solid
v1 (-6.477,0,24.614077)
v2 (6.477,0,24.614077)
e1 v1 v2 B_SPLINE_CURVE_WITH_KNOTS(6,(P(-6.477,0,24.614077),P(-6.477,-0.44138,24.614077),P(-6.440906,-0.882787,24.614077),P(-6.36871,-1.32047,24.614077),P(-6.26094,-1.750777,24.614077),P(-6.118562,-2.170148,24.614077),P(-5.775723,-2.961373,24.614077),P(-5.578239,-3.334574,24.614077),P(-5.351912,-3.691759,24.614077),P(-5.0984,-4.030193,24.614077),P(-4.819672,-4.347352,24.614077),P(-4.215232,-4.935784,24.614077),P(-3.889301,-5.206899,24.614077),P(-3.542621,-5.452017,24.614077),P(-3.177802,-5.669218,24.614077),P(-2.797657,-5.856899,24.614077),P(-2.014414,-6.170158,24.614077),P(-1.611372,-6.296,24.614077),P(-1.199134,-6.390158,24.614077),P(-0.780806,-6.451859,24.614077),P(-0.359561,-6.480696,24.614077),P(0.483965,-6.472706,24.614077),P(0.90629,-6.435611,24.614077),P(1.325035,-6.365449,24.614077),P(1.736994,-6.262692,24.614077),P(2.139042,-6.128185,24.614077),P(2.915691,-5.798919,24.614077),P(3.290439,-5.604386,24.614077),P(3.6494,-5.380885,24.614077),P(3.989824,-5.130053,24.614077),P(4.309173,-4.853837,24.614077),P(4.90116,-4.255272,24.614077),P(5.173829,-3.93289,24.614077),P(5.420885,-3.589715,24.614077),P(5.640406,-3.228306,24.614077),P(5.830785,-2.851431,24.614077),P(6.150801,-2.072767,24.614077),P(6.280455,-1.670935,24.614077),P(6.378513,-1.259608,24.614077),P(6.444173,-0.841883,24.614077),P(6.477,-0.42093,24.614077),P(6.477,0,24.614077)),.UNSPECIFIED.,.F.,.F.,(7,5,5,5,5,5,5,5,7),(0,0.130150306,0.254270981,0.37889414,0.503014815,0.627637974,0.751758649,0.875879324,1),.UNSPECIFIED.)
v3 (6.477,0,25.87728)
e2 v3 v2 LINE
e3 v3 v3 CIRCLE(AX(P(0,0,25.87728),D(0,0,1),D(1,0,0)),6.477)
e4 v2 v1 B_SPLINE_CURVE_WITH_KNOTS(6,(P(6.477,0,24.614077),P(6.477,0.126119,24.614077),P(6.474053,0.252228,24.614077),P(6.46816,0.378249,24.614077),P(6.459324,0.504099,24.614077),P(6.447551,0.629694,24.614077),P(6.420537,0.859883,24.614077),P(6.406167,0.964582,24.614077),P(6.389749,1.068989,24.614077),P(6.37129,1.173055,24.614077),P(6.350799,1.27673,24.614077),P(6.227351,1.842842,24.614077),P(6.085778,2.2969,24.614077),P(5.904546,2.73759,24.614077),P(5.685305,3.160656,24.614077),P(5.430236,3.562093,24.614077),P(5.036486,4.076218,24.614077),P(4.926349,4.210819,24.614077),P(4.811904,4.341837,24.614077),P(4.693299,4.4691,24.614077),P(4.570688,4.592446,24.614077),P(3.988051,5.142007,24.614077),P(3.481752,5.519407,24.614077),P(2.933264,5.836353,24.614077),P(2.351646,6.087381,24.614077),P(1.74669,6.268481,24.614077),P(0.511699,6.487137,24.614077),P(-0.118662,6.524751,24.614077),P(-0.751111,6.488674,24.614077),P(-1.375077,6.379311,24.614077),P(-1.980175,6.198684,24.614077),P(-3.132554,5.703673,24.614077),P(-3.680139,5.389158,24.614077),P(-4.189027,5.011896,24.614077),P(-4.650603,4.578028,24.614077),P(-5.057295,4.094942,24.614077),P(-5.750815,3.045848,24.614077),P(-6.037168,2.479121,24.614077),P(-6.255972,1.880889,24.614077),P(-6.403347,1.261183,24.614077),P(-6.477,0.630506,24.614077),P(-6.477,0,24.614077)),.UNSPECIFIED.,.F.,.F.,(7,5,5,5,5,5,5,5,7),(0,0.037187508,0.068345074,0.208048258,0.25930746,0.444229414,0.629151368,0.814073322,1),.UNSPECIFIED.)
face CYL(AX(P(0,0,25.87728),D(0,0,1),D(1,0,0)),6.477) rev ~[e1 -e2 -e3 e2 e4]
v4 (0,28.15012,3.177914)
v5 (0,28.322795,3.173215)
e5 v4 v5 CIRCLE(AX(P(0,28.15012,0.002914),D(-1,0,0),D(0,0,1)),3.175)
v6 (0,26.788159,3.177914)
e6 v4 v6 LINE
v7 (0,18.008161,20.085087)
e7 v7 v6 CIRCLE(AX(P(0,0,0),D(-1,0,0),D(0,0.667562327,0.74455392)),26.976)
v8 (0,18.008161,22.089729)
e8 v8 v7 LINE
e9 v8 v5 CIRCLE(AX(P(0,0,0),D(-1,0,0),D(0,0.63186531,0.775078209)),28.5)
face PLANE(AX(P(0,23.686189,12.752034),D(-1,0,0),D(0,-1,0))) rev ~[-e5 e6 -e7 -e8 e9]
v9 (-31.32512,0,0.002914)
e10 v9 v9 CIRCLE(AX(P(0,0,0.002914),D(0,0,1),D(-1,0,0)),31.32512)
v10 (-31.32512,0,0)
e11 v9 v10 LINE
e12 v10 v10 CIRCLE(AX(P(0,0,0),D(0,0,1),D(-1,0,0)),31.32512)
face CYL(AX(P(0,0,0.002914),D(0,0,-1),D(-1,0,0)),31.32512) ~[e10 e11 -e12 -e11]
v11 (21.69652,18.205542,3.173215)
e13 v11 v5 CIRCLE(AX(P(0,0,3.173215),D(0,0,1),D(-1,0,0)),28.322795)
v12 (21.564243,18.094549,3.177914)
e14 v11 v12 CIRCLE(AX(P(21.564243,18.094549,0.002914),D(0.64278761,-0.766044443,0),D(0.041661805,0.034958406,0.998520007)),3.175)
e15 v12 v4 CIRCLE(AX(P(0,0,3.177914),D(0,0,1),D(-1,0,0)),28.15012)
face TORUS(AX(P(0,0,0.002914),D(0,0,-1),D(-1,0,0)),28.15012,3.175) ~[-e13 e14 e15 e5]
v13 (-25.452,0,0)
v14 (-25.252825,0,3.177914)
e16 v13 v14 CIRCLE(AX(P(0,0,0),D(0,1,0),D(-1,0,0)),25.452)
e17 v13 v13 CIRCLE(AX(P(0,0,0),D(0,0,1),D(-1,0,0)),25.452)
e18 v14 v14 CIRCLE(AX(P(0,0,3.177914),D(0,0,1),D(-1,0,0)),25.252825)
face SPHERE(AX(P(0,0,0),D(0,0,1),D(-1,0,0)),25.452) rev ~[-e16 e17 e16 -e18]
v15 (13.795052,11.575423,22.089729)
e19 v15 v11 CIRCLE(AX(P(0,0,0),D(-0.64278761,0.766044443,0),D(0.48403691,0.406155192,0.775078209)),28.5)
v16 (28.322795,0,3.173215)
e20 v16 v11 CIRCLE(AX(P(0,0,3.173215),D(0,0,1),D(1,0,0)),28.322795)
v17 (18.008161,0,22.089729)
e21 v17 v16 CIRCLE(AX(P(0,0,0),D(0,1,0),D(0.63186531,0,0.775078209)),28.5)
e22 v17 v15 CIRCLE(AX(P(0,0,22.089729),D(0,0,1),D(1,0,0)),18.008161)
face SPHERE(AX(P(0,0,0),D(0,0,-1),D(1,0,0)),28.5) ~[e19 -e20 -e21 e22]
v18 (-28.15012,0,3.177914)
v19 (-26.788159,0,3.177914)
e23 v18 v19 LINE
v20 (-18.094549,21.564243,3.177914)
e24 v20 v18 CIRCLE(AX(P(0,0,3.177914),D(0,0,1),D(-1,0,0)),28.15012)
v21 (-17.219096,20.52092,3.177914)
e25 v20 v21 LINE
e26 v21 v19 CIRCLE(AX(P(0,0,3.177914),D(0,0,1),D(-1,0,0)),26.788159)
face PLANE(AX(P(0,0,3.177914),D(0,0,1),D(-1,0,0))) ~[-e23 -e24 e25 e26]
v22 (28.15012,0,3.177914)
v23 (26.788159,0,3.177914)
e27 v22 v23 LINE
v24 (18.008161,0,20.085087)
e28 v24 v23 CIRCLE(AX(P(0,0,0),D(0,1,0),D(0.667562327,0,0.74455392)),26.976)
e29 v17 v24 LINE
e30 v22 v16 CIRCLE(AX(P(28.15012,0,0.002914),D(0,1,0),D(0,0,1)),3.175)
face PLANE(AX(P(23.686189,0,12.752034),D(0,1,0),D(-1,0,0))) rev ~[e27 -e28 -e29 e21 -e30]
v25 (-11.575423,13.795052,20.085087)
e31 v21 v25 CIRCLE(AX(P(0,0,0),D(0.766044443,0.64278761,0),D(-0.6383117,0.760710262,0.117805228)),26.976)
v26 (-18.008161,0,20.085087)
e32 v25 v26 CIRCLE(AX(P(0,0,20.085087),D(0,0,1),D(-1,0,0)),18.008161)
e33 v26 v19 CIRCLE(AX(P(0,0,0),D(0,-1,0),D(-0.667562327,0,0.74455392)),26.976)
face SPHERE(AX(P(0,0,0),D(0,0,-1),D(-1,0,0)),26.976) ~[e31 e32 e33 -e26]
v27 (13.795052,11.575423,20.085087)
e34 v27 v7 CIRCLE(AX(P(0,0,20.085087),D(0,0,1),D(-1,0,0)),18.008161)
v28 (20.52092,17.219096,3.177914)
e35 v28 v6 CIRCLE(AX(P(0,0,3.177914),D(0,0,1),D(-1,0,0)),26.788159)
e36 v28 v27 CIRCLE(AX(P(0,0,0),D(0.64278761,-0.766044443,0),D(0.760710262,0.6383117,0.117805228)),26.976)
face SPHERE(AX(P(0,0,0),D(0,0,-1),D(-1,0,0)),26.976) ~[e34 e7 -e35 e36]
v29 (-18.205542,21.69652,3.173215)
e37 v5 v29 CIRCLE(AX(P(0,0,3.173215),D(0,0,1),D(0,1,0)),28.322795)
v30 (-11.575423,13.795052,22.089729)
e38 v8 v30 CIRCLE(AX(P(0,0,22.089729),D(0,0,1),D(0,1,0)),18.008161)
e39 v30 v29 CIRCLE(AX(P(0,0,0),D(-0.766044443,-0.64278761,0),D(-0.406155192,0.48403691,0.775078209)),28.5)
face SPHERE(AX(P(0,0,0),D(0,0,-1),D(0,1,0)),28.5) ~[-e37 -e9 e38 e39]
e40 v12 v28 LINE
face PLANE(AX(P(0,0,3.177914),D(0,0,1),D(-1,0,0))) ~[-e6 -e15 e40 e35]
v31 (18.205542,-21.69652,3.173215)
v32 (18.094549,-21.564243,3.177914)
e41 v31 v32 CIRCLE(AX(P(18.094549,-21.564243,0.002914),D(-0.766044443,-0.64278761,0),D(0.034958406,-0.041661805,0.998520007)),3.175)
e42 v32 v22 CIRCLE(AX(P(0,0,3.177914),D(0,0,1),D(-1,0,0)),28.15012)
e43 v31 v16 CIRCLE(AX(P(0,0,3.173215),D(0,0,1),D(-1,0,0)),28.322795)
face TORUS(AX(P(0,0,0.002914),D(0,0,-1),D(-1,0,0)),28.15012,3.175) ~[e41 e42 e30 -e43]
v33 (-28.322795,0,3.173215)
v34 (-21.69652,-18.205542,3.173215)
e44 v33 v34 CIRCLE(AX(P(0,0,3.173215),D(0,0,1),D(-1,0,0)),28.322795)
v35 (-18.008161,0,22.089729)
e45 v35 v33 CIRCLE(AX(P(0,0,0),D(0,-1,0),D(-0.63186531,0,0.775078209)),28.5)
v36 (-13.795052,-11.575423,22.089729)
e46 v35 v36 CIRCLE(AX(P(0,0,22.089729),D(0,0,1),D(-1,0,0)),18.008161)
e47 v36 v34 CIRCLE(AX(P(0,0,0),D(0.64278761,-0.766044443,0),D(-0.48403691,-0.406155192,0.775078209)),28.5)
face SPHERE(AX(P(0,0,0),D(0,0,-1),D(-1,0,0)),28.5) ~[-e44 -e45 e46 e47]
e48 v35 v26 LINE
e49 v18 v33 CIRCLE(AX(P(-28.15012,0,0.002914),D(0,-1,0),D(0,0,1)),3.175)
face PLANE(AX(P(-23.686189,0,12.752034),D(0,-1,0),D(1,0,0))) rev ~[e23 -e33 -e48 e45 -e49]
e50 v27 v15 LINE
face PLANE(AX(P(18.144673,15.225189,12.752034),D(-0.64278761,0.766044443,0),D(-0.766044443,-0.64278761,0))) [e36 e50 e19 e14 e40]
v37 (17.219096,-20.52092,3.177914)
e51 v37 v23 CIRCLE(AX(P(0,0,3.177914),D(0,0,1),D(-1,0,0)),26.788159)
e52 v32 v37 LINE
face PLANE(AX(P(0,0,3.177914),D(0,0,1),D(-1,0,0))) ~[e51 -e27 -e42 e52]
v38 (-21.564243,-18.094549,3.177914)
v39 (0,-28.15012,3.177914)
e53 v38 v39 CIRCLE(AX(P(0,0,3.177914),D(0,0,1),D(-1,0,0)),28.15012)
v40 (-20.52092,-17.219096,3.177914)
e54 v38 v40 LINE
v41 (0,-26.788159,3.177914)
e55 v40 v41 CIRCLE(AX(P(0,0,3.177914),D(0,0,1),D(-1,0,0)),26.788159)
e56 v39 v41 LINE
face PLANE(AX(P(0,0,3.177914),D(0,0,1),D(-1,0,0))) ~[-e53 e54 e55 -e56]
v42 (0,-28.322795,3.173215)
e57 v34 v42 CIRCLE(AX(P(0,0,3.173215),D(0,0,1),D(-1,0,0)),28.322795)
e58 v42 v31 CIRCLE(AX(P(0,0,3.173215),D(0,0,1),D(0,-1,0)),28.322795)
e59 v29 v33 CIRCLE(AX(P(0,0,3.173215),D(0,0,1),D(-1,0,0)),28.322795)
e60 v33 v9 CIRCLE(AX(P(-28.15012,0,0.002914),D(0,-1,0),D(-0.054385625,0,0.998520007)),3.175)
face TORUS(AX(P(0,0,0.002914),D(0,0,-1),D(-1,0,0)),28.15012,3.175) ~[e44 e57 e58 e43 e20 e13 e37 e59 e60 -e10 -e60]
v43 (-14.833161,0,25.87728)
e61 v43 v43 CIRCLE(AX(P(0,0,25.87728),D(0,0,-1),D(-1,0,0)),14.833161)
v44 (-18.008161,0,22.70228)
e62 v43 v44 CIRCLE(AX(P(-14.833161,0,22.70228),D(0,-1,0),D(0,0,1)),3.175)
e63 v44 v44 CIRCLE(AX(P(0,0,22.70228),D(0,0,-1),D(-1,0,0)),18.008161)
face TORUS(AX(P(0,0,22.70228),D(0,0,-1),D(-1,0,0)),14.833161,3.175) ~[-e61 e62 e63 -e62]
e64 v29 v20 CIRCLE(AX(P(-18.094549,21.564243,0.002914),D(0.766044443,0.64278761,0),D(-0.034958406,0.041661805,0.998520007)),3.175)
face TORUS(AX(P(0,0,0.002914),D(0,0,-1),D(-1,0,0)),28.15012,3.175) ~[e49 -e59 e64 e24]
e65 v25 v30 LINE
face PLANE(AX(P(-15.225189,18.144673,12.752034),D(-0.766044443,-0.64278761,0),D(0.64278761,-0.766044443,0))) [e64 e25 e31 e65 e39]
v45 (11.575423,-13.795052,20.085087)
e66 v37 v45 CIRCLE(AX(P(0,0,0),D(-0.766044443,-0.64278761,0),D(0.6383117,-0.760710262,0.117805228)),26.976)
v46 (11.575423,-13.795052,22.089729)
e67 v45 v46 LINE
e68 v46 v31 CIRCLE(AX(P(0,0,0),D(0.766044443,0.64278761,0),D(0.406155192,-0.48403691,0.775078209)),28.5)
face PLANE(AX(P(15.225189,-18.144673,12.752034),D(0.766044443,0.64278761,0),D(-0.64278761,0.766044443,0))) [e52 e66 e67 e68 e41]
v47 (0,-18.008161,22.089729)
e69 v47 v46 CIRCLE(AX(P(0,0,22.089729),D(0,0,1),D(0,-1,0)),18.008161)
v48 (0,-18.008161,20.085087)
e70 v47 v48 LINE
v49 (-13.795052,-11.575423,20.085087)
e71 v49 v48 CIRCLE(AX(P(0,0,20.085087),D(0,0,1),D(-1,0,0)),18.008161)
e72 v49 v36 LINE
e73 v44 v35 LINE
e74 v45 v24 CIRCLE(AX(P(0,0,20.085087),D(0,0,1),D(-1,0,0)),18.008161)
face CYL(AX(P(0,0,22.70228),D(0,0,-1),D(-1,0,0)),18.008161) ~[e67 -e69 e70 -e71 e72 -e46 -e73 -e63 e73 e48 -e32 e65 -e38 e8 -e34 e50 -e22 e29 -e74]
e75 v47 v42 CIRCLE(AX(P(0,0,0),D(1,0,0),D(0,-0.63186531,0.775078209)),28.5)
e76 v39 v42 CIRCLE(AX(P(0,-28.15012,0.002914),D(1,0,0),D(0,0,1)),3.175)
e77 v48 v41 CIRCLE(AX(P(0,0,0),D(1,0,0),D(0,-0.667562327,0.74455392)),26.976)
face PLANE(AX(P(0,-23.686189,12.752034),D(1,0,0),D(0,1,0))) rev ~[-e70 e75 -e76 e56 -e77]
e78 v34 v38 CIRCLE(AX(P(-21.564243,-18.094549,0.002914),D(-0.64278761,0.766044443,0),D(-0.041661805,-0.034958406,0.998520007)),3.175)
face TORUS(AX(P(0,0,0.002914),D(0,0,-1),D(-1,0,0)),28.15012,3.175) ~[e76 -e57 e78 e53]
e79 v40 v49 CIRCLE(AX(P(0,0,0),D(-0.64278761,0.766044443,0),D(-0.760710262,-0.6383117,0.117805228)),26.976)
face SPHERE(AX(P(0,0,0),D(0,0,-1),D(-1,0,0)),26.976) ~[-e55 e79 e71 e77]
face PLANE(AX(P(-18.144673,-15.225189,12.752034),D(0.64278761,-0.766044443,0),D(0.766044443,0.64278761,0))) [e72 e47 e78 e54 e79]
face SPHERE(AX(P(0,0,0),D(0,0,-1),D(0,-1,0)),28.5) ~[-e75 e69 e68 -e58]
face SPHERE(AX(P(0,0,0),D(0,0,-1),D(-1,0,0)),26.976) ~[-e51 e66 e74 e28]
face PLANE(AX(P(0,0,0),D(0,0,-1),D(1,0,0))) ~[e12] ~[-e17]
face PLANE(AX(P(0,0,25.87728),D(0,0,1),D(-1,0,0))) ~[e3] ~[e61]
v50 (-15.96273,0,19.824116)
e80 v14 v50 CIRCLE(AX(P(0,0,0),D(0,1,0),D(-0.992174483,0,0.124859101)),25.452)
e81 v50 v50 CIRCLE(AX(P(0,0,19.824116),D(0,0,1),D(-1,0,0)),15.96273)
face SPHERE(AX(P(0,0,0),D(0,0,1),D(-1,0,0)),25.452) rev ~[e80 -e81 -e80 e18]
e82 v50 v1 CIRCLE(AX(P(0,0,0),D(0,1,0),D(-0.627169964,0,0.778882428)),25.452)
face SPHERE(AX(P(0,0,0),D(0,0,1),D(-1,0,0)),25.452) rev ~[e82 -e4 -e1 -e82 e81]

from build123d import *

# Parameters (mm, degrees)
F2_ANGLE = 40
F3_COUNT = 4
F4_R     = 6.477
F5_DEPTH = 25.4


with BuildPart() as f1:
    # F0 (on Front) → F1 (revolve)
    with BuildSketch(Plane.XZ):
        with BuildLine():
            Line((0, 25.452), (0, 25.8772801608))
            Line((0, 25.8772801608), (-7.6204296126, 25.8772801608))
            ThreePointArc((-7.6204296126, 25.8772801608), (-13.1374862604, 23.5607943575), (-18.0081613362, 20.0850865393))
            Line((-18.0081613362, 20.0850865393), (-18.0081613362, 19.8241155595))
            Line((-18.0081613362, 19.8241155595), (-15.9627299133, 19.8241155595))
            ThreePointArc((-15.9627299133, 19.8241155595), (-8.46288706, 24.0038298321), (0, 25.452))
        make_face()
        with BuildLine():
            Line((-7.6204296126, 25.8772801608), (-11.9422096565, 25.8772801608))
            ThreePointArc((-11.9422096565, 25.8772801608), (-15.0944548323, 24.1745203327), (-18.0081613362, 22.0897289547))
            Line((-18.0081613362, 22.0897289547), (-18.0081613362, 20.0850865393))
            ThreePointArc((-18.0081613362, 20.0850865393), (-13.1374862604, 23.5607943575), (-7.6204296126, 25.8772801608))
        make_face()
        with BuildLine():
            ThreePointArc((-18.0081613362, 22.0897289547), (-15.0944548323, 24.1745203327), (-11.9422096565, 25.8772801608))
            Line((-11.9422096565, 25.8772801608), (-14.8331613362, 25.8772801608))
            ThreePointArc((-14.8331613362, 25.8772801608), (-17.0782253665, 24.9473441911), (-18.0081613362, 22.7022801608))
            Line((-18.0081613362, 22.7022801608), (-18.0081613362, 22.0897289547))
        make_face()
        with BuildLine():
            ThreePointArc((-18.0081613362, 20.0850865393), (-23.9403569629, 12.4323724401), (-26.7881585713, 3.1779138371))
            Line((-26.7881585713, 3.1779138371), (-25.2528249438, 3.1779138371))
            ThreePointArc((-25.2528249438, 3.1779138371), (-22.2250871425, 12.4036206613), (-15.9627299133, 19.8241155595))
            Line((-15.9627299133, 19.8241155595), (-18.0081613362, 19.8241155595))
            Line((-18.0081613362, 19.8241155595), (-18.0081613362, 20.0850865393))
        make_face()
        with BuildLine():
            ThreePointArc((-26.7881585713, 3.1779138371), (-26.9289986968, 1.5917302503), (-26.976, 0))
            Line((-26.976, 0), (-25.452, 0))
            ThreePointArc((-25.452, 0), (-25.4021574327, 1.5920746731), (-25.2528249438, 3.1779138371))
            Line((-25.2528249438, 3.1779138371), (-26.7881585713, 3.1779138371))
        make_face()
        with BuildLine():
            ThreePointArc((-28.3227948385, 3.1732148584), (-28.4556642243, 1.5890794668), (-28.5, 0))
            Line((-28.5, 0), (-26.976, 0))
            ThreePointArc((-26.976, 0), (-26.9289986968, 1.5917302503), (-26.7881585713, 3.1779138371))
            Line((-26.7881585713, 3.1779138371), (-28.1501204789, 3.1779138371))
            ThreePointArc((-28.1501204789, 3.1779138371), (-28.236489621, 3.176738875), (-28.3227948385, 3.1732148584))
        make_face()
        with BuildLine():
            Line((-31.3251204789, 0), (-28.5, 0))
            ThreePointArc((-28.5, 0), (-28.4556642243, 1.5890794668), (-28.3227948385, 3.1732148584))
            ThreePointArc((-28.3227948385, 3.1732148584), (-30.4554258916, 2.1860748376), (-31.3251204789, 0.0029138371))
            Line((-31.3251204789, 0.0029138371), (-31.3251204789, 0))
        make_face()
    revolve(axis=Axis((0, 0, 14.25), (0, 0, 1)))

    # F0 (on Front) → F2 (revolve)
    with BuildSketch(Plane.XZ):
        with BuildLine():
            ThreePointArc((-18.0081613362, 22.0897289547), (-25.0219503917, 13.6437530979), (-28.3227948385, 3.1732148584))
            ThreePointArc((-28.3227948385, 3.1732148584), (-28.236489621, 3.176738875), (-28.1501204789, 3.1779138371))
            Line((-28.1501204789, 3.1779138371), (-26.7881585713, 3.1779138371))
            ThreePointArc((-26.7881585713, 3.1779138371), (-23.9403569629, 12.4323724401), (-18.0081613362, 20.0850865393))
            Line((-18.0081613362, 20.0850865393), (-18.0081613362, 22.0897289547))
        make_face()
    revolve(axis=Axis((0, 0, 14.25), (0, 0, 1)), revolution_arc=F2_ANGLE)

    # F3: F1 ×4 about axis
    f3_axis = Axis((0, 0, 14.25), (0, 0, 1))


with BuildPart() as f1_1:
    add(f1.part)
    for i in range(1, F3_COUNT):
        add(f1.part.rotate(f3_axis, i * 360 / F3_COUNT))

    # F4 (on face) → F5 (cut)
    with BuildSketch(Plane.XY.offset(25.8772801608)):
        Circle(F4_R)
    extrude(amount=-F5_DEPTH, mode=Mode.SUBTRACT)


solid = f1_1.part
